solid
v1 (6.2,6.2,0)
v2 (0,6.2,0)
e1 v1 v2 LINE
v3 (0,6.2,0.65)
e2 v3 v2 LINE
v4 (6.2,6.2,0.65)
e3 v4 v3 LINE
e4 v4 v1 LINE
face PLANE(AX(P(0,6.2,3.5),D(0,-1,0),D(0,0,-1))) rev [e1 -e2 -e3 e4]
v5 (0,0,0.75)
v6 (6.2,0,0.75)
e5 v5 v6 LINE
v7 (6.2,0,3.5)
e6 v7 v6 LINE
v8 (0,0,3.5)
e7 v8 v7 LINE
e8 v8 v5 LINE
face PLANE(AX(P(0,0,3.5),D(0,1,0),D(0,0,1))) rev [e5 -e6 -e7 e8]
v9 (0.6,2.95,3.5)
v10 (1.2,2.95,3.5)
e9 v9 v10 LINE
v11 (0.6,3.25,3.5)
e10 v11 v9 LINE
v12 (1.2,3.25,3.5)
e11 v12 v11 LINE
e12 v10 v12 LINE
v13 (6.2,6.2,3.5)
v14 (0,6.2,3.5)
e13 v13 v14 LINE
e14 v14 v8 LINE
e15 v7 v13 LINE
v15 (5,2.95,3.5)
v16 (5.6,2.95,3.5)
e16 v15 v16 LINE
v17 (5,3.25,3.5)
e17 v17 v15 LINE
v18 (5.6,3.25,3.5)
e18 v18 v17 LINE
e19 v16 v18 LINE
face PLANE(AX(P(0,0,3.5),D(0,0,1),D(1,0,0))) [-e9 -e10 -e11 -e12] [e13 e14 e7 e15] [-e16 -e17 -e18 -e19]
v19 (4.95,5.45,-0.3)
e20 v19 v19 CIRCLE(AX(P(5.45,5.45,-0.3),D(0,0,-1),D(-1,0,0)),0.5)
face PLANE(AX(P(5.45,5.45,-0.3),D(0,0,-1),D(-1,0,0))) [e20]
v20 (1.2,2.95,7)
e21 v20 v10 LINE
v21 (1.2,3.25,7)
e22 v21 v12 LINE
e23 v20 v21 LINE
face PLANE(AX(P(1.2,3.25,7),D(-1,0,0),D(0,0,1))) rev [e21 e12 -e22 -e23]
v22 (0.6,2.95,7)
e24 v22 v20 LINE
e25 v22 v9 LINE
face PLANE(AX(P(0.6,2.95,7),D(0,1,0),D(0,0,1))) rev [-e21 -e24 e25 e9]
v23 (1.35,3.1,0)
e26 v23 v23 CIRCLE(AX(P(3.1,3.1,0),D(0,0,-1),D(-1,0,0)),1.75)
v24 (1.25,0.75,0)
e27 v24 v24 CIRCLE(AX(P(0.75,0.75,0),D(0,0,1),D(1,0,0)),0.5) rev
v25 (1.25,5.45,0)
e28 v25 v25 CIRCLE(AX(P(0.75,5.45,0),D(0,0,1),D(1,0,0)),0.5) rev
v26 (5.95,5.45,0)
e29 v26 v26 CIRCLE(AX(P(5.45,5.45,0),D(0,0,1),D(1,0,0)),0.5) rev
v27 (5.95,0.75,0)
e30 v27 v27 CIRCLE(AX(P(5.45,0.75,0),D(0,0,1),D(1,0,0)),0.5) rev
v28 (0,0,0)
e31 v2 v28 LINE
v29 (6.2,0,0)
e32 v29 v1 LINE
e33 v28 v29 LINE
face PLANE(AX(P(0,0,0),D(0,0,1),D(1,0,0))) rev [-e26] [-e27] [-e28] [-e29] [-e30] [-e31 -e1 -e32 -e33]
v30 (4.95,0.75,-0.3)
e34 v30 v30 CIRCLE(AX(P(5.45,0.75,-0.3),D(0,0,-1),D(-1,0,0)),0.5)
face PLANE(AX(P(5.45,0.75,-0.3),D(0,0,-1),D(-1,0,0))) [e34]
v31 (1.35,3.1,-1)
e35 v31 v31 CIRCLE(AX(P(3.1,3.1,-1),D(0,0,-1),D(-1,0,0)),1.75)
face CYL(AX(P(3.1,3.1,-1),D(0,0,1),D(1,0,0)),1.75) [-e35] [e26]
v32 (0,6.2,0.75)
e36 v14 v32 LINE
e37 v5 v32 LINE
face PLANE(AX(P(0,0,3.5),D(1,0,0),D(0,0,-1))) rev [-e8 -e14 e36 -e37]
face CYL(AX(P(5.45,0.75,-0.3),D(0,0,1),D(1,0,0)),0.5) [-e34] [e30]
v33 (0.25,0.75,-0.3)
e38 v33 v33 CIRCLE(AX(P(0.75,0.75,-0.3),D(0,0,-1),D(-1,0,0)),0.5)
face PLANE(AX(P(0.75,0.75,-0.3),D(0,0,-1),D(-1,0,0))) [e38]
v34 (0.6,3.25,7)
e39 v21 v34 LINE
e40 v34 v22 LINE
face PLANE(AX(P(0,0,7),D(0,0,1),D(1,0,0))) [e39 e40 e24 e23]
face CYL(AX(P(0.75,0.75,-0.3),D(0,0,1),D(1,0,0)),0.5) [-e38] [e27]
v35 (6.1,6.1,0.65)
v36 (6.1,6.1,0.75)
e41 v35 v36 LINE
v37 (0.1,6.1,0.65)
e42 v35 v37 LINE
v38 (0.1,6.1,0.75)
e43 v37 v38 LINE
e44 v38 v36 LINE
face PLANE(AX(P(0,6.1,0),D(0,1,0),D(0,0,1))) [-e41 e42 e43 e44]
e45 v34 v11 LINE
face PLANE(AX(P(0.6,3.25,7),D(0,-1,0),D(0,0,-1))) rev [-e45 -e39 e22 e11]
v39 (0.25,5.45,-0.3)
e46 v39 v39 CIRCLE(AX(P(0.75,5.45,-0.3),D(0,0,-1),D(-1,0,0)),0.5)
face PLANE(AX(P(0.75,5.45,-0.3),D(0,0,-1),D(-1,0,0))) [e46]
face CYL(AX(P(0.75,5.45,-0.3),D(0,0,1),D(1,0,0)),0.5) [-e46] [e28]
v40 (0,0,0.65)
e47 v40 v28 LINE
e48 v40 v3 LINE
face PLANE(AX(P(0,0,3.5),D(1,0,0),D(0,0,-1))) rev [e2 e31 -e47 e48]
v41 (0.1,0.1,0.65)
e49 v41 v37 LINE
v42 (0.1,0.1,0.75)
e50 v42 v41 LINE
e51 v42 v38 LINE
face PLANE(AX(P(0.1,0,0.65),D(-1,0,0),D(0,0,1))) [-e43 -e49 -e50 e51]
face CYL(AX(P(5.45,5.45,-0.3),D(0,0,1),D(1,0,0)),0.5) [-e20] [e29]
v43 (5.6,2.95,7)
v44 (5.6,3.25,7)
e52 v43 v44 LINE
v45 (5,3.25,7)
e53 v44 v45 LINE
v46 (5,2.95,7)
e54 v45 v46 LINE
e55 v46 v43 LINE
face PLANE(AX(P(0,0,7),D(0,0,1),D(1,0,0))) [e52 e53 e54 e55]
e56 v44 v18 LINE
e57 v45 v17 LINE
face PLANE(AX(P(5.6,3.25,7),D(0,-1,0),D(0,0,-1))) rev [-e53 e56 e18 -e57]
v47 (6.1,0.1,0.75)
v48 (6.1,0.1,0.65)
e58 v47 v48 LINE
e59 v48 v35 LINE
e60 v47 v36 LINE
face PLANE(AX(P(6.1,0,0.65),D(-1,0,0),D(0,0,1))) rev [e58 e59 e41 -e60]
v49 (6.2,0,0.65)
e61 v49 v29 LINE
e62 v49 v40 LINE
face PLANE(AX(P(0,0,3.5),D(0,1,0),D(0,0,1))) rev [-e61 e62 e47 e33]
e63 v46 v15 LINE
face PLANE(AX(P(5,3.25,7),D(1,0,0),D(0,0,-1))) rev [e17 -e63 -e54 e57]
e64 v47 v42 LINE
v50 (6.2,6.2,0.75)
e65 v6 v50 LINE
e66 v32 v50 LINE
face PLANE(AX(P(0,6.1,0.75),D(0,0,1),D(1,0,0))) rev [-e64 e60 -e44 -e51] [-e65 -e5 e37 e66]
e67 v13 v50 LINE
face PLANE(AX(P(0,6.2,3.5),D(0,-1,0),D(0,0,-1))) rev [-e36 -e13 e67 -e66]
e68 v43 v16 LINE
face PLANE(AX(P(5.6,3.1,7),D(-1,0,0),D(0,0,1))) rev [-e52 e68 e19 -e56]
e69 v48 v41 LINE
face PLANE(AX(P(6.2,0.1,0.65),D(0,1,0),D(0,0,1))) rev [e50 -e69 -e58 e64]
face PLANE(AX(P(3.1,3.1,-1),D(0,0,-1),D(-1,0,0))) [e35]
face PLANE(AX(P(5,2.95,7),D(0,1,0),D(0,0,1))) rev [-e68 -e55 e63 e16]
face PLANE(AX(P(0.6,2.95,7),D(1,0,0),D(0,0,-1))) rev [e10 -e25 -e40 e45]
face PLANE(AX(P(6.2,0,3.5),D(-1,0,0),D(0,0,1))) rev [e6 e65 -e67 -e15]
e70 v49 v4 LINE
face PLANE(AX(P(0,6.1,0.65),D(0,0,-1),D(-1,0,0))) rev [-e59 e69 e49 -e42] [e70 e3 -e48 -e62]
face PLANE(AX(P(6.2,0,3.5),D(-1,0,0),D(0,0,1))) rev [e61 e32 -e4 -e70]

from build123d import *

# Parameters (mm, degrees)
CROQUIS1_W                 = 6.2
CROQUIS1_H                 = 6.2
SALIENTE_EXTRUIR1_DEPTH    = 3.5
CROQUIS2_W                 = 6.2
CROQUIS2_H                 = 0.1
CORTAR_EXTRUIR1_DEPTH      = 0.1
CORTAR_EXTRUIR2_DEPTH      = 10.375499987
CORTAR_EXTRUIR2_DEPTH_BACK = 10.375499987
CROQUIS3_W                 = 0.1
CROQUIS3_H                 = 0.1
CORTAR_EXTRUIR3_DEPTH      = 10.375499987
CORTAR_EXTRUIR3_DEPTH_BACK = 10.375499987
CROQUIS4_W                 = 0.1
CROQUIS4_H                 = 0.1
CROQUIS5_R                 = 1.75
SALIENTE_EXTRUIR2_DEPTH    = 1
CROQUIS6_R                 = 0.5
SALIENTE_EXTRUIR3_DEPTH    = 0.3
SALIENTE_EXTRUIR4_DEPTH    = 3.5


with BuildPart() as part:
    # Croquis1 → Saliente-Extruir1 (new body)
    with BuildSketch(Plane.XY):
        with Locations((3.1, 3.1)):
            Rectangle(CROQUIS1_W, CROQUIS1_H)
    extrude(amount=SALIENTE_EXTRUIR1_DEPTH)

    # Croquis2 → Cortar-Extruir1 (cut)
    with BuildSketch(Plane(origin=(0, 6.2, 0), x_dir=(1, 0, 0), z_dir=(0, 1, 0))):
        with Locations((3.1, -0.7)):
            Rectangle(CROQUIS2_W, CROQUIS2_H)
    extrude(amount=-CORTAR_EXTRUIR1_DEPTH, mode=Mode.SUBTRACT)

    # Croquis3 → Cortar-Extruir2 (cut, two sides: drawn at the far end of the back side and taken through both)
    with BuildSketch(Plane(origin=(0, 6.1, 0), x_dir=(1, 0, 0), z_dir=(0, 1, 0)).offset(-CORTAR_EXTRUIR2_DEPTH_BACK)):
        with Locations((0.05, -0.7)):
            Rectangle(CROQUIS3_W, CROQUIS3_H)
        with Locations((6.15, -0.7)):
            Rectangle(CROQUIS3_W, CROQUIS3_H)
    extrude(amount=CORTAR_EXTRUIR2_DEPTH + CORTAR_EXTRUIR2_DEPTH_BACK, mode=Mode.SUBTRACT)

    # Croquis4 → Cortar-Extruir3 (cut, two sides: drawn at the far end of the back side and taken through both)
    with BuildSketch(Plane.ZY.offset(-0.1).offset(-CORTAR_EXTRUIR3_DEPTH_BACK)):
        with Locations((0.7, 0.05)):
            Rectangle(CROQUIS4_W, CROQUIS4_H)
    extrude(amount=CORTAR_EXTRUIR3_DEPTH + CORTAR_EXTRUIR3_DEPTH_BACK, mode=Mode.SUBTRACT)

    # Croquis5 → Saliente-Extruir2 (add)
    with BuildSketch(Plane(origin=(0, 0, 0), x_dir=(-1, 0, 0), z_dir=(0, 0, -1))):
        with Locations((-3.1, 3.1)):
            Circle(CROQUIS5_R)
    extrude(amount=SALIENTE_EXTRUIR2_DEPTH)

    # Croquis6 → Saliente-Extruir3 (add)
    with BuildSketch(Plane(origin=(0, 0, 0), x_dir=(-1, 0, 0), z_dir=(0, 0, -1))):
        with Locations(Location((-0.75, 0.75, 0), (0, 0, 180))):
            Circle(CROQUIS6_R)
        with Locations(Location((-5.45, 0.75, 0), (0, 0, 180))):
            Circle(CROQUIS6_R)
        with Locations(Location((-0.75, 5.45, 0), (0, 0, 180))):
            Circle(CROQUIS6_R)
        with Locations(Location((-5.45, 5.45, 0), (0, 0, 180))):
            Circle(CROQUIS6_R)
    extrude(amount=SALIENTE_EXTRUIR3_DEPTH)

    # Croquis8 → Saliente-Extruir4 (add)
    with BuildSketch(Plane.XY.offset(3.5)):
        Polygon((5.6, 2.95), (5.6, 3.1), (5.6, 3.25), (5, 3.25), (5, 2.95), align=None)
        Polygon((0.6, 2.95), (0.6, 3.1), (0.6, 3.25), (1.2, 3.25), (1.2, 2.95), align=None)
    extrude(amount=SALIENTE_EXTRUIR4_DEPTH)


solid = part.part
